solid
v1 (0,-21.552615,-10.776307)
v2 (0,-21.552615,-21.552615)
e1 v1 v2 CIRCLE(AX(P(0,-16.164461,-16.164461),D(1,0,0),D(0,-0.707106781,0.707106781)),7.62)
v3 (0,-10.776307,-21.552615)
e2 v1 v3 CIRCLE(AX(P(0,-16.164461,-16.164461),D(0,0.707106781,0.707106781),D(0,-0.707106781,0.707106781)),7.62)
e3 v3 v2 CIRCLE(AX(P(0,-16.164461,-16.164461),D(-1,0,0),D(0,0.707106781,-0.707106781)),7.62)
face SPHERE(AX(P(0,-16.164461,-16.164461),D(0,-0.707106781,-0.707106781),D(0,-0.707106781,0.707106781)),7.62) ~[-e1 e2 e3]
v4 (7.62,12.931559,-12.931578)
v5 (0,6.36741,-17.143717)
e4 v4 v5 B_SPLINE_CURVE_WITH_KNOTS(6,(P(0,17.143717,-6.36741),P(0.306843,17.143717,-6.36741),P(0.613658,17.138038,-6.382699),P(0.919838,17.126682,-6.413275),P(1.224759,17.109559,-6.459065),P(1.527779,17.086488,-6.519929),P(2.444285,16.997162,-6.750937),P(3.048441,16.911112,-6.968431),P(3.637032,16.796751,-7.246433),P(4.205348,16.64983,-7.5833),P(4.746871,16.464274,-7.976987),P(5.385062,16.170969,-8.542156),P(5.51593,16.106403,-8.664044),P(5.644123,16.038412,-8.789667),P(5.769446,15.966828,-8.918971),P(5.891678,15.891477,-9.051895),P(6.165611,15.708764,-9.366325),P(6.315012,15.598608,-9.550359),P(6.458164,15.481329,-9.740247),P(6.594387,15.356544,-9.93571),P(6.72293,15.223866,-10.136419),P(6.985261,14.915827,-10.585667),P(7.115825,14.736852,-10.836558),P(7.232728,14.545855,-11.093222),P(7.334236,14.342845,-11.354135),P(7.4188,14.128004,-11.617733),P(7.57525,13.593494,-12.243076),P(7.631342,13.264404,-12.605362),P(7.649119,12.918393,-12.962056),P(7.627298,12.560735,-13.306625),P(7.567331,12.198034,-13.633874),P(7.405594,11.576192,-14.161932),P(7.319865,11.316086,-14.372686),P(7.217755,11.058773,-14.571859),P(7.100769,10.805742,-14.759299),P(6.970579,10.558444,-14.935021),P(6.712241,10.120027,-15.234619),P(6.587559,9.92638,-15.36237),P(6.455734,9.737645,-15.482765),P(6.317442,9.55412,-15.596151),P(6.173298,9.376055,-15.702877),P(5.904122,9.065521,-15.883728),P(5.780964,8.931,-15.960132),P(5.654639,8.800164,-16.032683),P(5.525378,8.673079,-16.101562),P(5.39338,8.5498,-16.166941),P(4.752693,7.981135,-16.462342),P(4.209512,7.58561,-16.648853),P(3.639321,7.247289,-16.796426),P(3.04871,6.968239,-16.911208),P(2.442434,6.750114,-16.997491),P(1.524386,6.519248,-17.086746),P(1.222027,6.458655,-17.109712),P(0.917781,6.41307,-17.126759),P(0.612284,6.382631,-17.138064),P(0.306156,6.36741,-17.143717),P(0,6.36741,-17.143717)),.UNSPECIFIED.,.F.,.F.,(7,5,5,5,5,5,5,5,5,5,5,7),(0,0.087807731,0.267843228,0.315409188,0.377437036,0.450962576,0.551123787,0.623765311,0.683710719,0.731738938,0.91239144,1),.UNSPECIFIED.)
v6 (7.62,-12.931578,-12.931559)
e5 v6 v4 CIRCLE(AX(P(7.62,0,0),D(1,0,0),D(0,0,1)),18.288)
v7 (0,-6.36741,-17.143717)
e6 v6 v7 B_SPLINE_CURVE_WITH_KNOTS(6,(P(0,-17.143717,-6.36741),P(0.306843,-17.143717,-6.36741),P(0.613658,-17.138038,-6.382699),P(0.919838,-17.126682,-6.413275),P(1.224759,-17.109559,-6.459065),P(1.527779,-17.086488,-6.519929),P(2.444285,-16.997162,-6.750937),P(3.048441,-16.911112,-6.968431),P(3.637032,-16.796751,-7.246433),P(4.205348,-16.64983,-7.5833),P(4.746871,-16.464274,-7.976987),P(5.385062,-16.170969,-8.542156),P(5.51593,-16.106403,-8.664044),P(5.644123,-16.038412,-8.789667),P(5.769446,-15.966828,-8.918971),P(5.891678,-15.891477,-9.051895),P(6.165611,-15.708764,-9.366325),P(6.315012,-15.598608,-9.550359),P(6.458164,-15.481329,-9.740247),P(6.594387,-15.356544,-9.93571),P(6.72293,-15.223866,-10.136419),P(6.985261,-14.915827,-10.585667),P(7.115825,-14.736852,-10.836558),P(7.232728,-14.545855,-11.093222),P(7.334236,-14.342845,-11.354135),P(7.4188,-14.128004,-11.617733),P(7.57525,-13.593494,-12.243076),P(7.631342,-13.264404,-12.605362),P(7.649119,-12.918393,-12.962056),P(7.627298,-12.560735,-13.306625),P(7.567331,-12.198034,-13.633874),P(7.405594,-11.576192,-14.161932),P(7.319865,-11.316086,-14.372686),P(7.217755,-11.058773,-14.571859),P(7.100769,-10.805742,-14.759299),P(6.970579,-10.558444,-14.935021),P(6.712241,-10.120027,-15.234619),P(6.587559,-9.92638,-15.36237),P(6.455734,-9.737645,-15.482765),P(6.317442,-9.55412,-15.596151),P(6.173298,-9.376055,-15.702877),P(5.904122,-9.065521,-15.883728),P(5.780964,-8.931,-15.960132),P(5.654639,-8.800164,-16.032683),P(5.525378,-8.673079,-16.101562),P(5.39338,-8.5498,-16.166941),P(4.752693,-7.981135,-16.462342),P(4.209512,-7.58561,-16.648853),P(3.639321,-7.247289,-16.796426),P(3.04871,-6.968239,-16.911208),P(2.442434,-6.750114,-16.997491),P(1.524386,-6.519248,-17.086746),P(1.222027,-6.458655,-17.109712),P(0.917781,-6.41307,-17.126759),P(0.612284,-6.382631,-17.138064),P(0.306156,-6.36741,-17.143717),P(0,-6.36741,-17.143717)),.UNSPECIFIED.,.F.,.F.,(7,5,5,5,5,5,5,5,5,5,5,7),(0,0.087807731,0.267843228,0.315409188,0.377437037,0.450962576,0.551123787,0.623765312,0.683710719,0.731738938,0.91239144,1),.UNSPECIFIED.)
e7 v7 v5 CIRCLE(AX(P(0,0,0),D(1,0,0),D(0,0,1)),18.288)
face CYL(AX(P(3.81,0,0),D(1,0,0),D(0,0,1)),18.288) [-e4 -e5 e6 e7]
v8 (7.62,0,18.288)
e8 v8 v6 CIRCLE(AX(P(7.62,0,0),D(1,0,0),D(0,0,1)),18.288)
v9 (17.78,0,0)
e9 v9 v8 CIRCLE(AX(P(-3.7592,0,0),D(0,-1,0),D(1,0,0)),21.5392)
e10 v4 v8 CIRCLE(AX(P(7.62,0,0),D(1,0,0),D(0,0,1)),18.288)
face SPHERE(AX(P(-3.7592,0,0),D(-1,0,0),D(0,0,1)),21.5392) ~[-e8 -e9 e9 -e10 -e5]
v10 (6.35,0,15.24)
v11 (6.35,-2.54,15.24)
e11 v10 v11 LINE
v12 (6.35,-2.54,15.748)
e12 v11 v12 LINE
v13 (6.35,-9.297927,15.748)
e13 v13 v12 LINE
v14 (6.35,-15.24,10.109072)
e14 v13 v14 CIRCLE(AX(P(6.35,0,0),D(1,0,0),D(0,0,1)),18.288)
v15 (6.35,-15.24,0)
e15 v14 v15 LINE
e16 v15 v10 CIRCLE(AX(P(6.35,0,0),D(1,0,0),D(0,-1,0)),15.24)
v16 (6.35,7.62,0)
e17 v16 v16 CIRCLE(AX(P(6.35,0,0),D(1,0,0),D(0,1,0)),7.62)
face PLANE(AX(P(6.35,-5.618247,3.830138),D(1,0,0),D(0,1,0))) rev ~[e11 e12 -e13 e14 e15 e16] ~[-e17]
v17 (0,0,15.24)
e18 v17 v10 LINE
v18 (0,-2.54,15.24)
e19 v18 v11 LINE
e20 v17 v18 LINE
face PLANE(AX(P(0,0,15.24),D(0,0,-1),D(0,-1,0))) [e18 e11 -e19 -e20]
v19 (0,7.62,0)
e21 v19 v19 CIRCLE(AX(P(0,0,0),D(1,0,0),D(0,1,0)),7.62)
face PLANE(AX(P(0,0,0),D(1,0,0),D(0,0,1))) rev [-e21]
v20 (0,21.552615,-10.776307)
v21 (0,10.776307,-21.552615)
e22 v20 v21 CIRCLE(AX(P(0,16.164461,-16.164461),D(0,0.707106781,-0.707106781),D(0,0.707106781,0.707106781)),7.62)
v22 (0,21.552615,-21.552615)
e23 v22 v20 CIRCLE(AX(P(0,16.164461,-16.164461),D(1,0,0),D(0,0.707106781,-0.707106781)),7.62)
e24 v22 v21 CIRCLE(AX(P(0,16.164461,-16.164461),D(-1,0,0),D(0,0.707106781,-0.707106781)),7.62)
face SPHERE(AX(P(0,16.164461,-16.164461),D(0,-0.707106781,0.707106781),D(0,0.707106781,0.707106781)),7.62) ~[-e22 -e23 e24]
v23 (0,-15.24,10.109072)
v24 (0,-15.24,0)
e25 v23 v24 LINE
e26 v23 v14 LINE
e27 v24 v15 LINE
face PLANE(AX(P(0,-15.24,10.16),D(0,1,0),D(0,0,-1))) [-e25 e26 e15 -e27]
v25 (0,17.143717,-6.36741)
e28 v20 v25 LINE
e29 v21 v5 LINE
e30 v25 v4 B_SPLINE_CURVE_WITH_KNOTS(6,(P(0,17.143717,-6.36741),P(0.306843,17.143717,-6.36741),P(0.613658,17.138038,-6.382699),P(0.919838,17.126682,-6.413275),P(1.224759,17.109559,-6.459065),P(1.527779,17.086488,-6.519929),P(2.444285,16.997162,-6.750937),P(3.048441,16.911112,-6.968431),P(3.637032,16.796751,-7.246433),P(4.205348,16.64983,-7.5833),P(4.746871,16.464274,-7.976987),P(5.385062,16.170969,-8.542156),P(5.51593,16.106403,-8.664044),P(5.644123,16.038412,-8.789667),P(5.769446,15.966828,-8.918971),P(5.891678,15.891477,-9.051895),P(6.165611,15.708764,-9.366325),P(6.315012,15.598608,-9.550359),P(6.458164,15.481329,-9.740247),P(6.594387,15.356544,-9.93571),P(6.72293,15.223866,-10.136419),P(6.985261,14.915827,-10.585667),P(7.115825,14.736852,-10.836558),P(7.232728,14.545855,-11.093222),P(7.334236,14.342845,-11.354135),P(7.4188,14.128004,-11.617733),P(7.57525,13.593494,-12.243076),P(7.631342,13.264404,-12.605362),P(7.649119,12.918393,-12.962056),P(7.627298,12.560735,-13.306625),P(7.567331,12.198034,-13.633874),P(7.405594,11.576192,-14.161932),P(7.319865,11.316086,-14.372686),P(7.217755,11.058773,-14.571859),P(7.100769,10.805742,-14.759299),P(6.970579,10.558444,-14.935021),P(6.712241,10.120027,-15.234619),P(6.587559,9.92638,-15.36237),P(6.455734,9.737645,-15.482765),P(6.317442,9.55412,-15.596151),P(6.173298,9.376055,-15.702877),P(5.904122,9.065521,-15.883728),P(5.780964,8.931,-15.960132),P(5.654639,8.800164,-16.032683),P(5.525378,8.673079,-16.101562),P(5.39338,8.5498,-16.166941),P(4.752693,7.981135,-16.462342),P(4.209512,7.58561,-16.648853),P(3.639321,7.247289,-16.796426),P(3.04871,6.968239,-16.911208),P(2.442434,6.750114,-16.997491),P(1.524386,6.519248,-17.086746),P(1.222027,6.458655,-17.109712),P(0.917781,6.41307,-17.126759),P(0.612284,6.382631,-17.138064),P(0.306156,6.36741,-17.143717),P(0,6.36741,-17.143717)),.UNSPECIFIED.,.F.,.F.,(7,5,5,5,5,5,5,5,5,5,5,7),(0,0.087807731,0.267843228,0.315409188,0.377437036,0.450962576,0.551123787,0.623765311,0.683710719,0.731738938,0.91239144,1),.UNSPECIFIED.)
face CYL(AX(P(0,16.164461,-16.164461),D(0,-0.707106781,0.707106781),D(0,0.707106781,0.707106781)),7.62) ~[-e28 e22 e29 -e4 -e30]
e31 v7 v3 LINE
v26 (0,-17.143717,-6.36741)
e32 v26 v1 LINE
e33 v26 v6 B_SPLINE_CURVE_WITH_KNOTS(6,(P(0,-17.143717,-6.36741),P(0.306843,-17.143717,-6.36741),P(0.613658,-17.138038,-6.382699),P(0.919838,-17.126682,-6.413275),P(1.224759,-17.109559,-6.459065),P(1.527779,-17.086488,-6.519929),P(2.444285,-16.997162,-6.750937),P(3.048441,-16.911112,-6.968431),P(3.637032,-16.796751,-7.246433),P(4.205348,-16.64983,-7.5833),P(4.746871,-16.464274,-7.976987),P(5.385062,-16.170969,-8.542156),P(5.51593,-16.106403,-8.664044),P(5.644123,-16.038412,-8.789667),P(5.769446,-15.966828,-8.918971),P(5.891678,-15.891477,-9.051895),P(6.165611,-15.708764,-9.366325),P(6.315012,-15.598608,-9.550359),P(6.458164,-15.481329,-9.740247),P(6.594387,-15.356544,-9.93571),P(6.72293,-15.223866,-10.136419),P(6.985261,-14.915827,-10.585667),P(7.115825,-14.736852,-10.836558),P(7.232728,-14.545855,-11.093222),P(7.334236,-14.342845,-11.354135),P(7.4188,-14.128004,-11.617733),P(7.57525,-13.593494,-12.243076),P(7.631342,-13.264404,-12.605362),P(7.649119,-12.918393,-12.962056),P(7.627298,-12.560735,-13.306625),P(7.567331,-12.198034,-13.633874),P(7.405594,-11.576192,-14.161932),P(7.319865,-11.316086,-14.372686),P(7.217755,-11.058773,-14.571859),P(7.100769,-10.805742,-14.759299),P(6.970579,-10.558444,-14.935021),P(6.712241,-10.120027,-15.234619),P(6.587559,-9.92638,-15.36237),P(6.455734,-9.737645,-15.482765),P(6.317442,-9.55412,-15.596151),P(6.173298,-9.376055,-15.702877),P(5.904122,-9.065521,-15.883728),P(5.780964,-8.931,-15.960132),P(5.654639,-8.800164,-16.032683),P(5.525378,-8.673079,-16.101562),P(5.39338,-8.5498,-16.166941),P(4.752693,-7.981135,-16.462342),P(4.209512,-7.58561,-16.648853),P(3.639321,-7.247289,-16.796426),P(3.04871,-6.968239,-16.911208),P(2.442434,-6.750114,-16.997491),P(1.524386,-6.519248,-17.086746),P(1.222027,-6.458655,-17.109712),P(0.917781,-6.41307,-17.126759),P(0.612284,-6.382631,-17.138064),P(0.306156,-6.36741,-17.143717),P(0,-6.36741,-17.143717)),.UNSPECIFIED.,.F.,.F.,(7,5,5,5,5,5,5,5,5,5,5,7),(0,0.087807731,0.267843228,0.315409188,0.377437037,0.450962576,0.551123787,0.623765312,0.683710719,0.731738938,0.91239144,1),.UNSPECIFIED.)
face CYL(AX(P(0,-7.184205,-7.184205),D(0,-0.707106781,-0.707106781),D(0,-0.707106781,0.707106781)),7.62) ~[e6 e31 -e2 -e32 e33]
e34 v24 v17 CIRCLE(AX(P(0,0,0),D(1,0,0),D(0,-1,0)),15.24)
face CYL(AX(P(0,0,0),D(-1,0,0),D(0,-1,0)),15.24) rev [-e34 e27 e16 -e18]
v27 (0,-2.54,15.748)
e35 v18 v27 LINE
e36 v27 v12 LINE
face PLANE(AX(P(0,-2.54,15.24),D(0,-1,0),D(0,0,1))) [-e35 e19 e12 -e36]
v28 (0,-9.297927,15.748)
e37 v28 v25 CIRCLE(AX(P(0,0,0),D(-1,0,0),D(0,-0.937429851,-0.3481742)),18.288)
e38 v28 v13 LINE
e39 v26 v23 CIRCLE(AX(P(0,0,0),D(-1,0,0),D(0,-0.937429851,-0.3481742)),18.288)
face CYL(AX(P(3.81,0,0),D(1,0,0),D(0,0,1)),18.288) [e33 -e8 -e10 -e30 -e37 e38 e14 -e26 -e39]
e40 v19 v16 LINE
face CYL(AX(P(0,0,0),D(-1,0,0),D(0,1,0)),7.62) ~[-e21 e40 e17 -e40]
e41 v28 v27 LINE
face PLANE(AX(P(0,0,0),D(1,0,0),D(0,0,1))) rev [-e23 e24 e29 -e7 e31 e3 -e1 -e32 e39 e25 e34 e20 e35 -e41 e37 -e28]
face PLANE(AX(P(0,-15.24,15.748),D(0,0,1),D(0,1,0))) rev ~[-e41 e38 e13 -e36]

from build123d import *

# Parameters (mm, degrees)
F1_W     = 7.62
F1_H     = 18.288
F4_ANGLE = 180
F5_ANGLE = 180
F0_R     = 7.62
F0_W     = 12.7
F0_H     = 0.508
F6_DEPTH = 6.35


with BuildPart() as f2:
    # F1 (on Front) → F2 (revolve)
    with BuildSketch(Plane.XZ):
        with Locations((3.81, 9.144)):
            Rectangle(F1_W, F1_H)
        with BuildLine():
            ThreePointArc((17.78, 0), (15.0694484018, 10.4603602232), (7.62, 18.288))
            Line((7.62, 18.288), (7.62, 0))
            Line((7.62, 0), (17.78, 0))
        make_face()
    revolve(axis=Axis((3.81, 0, 0), (1, 0, 0)))

    # F3 (on Right) → F4 (revolve)
    with BuildSketch(Plane.YZ):
        Polygon((-16.1644610179, -16.1644610179), (-7.1842048969, -7.1842048969), (-12.5723585695, -1.7960512242), (-21.5526146906, -10.7763073453), align=None)
        with BuildLine():
            Line((-21.5526146906, -21.5526146906), (-16.1644610179, -16.1644610179))
            Line((-16.1644610179, -16.1644610179), (-21.5526146906, -10.7763073453))
            ThreePointArc((-21.5526146906, -10.7763073453), (-23.7844610179, -16.1644610179), (-21.5526146906, -21.5526146906))
        make_face()
    revolve(axis=Axis((0, -8.082230509, -8.082230509), (0, 0.7071067812, 0.7071067812)), revolution_arc=F4_ANGLE)

    # F3 (on Right) → F5 (revolve)
    with BuildSketch(Plane.YZ):
        Polygon((12.5723585695, -1.7960512242), (7.1842048969, -7.1842048969), (16.1644610179, -16.1644610179), (21.5526146906, -10.7763073453), align=None)
        with BuildLine():
            Line((21.5526146906, -10.7763073453), (16.1644610179, -16.1644610179))
            Line((16.1644610179, -16.1644610179), (21.5526146906, -21.5526146906))
            ThreePointArc((21.5526146906, -21.5526146906), (23.7844610179, -16.1644610179), (21.5526146906, -10.7763073453))
        make_face()
    revolve(axis=Axis((0, 8.082230509, -8.082230509), (0, 0.7071067812, -0.7071067812)), revolution_arc=F5_ANGLE)

    # F0 (on Right) → F6 (cut)
    with BuildSketch(Plane.YZ):
        with BuildLine():
            Line((-15.24, 15.24), (-25.4, 15.24))
            Line((-25.4, 15.24), (-25.4, 10.16))
            Line((-25.4, 10.16), (-15.24, 10.16))
            Line((-15.24, 10.16), (-15.24, 0))
            ThreePointArc((-15.24, 0), (10.7763073453, -10.7763073453), (0, 15.24))
            Line((0, 15.24), (-2.54, 15.24))
            Line((-2.54, 15.24), (-15.24, 15.24))
        make_face()
        Circle(F0_R, mode=Mode.SUBTRACT)
        with Locations((-8.89, 15.494)):
            Rectangle(F0_W, F0_H)
    extrude(amount=F6_DEPTH, mode=Mode.SUBTRACT)


solid = f2.part
